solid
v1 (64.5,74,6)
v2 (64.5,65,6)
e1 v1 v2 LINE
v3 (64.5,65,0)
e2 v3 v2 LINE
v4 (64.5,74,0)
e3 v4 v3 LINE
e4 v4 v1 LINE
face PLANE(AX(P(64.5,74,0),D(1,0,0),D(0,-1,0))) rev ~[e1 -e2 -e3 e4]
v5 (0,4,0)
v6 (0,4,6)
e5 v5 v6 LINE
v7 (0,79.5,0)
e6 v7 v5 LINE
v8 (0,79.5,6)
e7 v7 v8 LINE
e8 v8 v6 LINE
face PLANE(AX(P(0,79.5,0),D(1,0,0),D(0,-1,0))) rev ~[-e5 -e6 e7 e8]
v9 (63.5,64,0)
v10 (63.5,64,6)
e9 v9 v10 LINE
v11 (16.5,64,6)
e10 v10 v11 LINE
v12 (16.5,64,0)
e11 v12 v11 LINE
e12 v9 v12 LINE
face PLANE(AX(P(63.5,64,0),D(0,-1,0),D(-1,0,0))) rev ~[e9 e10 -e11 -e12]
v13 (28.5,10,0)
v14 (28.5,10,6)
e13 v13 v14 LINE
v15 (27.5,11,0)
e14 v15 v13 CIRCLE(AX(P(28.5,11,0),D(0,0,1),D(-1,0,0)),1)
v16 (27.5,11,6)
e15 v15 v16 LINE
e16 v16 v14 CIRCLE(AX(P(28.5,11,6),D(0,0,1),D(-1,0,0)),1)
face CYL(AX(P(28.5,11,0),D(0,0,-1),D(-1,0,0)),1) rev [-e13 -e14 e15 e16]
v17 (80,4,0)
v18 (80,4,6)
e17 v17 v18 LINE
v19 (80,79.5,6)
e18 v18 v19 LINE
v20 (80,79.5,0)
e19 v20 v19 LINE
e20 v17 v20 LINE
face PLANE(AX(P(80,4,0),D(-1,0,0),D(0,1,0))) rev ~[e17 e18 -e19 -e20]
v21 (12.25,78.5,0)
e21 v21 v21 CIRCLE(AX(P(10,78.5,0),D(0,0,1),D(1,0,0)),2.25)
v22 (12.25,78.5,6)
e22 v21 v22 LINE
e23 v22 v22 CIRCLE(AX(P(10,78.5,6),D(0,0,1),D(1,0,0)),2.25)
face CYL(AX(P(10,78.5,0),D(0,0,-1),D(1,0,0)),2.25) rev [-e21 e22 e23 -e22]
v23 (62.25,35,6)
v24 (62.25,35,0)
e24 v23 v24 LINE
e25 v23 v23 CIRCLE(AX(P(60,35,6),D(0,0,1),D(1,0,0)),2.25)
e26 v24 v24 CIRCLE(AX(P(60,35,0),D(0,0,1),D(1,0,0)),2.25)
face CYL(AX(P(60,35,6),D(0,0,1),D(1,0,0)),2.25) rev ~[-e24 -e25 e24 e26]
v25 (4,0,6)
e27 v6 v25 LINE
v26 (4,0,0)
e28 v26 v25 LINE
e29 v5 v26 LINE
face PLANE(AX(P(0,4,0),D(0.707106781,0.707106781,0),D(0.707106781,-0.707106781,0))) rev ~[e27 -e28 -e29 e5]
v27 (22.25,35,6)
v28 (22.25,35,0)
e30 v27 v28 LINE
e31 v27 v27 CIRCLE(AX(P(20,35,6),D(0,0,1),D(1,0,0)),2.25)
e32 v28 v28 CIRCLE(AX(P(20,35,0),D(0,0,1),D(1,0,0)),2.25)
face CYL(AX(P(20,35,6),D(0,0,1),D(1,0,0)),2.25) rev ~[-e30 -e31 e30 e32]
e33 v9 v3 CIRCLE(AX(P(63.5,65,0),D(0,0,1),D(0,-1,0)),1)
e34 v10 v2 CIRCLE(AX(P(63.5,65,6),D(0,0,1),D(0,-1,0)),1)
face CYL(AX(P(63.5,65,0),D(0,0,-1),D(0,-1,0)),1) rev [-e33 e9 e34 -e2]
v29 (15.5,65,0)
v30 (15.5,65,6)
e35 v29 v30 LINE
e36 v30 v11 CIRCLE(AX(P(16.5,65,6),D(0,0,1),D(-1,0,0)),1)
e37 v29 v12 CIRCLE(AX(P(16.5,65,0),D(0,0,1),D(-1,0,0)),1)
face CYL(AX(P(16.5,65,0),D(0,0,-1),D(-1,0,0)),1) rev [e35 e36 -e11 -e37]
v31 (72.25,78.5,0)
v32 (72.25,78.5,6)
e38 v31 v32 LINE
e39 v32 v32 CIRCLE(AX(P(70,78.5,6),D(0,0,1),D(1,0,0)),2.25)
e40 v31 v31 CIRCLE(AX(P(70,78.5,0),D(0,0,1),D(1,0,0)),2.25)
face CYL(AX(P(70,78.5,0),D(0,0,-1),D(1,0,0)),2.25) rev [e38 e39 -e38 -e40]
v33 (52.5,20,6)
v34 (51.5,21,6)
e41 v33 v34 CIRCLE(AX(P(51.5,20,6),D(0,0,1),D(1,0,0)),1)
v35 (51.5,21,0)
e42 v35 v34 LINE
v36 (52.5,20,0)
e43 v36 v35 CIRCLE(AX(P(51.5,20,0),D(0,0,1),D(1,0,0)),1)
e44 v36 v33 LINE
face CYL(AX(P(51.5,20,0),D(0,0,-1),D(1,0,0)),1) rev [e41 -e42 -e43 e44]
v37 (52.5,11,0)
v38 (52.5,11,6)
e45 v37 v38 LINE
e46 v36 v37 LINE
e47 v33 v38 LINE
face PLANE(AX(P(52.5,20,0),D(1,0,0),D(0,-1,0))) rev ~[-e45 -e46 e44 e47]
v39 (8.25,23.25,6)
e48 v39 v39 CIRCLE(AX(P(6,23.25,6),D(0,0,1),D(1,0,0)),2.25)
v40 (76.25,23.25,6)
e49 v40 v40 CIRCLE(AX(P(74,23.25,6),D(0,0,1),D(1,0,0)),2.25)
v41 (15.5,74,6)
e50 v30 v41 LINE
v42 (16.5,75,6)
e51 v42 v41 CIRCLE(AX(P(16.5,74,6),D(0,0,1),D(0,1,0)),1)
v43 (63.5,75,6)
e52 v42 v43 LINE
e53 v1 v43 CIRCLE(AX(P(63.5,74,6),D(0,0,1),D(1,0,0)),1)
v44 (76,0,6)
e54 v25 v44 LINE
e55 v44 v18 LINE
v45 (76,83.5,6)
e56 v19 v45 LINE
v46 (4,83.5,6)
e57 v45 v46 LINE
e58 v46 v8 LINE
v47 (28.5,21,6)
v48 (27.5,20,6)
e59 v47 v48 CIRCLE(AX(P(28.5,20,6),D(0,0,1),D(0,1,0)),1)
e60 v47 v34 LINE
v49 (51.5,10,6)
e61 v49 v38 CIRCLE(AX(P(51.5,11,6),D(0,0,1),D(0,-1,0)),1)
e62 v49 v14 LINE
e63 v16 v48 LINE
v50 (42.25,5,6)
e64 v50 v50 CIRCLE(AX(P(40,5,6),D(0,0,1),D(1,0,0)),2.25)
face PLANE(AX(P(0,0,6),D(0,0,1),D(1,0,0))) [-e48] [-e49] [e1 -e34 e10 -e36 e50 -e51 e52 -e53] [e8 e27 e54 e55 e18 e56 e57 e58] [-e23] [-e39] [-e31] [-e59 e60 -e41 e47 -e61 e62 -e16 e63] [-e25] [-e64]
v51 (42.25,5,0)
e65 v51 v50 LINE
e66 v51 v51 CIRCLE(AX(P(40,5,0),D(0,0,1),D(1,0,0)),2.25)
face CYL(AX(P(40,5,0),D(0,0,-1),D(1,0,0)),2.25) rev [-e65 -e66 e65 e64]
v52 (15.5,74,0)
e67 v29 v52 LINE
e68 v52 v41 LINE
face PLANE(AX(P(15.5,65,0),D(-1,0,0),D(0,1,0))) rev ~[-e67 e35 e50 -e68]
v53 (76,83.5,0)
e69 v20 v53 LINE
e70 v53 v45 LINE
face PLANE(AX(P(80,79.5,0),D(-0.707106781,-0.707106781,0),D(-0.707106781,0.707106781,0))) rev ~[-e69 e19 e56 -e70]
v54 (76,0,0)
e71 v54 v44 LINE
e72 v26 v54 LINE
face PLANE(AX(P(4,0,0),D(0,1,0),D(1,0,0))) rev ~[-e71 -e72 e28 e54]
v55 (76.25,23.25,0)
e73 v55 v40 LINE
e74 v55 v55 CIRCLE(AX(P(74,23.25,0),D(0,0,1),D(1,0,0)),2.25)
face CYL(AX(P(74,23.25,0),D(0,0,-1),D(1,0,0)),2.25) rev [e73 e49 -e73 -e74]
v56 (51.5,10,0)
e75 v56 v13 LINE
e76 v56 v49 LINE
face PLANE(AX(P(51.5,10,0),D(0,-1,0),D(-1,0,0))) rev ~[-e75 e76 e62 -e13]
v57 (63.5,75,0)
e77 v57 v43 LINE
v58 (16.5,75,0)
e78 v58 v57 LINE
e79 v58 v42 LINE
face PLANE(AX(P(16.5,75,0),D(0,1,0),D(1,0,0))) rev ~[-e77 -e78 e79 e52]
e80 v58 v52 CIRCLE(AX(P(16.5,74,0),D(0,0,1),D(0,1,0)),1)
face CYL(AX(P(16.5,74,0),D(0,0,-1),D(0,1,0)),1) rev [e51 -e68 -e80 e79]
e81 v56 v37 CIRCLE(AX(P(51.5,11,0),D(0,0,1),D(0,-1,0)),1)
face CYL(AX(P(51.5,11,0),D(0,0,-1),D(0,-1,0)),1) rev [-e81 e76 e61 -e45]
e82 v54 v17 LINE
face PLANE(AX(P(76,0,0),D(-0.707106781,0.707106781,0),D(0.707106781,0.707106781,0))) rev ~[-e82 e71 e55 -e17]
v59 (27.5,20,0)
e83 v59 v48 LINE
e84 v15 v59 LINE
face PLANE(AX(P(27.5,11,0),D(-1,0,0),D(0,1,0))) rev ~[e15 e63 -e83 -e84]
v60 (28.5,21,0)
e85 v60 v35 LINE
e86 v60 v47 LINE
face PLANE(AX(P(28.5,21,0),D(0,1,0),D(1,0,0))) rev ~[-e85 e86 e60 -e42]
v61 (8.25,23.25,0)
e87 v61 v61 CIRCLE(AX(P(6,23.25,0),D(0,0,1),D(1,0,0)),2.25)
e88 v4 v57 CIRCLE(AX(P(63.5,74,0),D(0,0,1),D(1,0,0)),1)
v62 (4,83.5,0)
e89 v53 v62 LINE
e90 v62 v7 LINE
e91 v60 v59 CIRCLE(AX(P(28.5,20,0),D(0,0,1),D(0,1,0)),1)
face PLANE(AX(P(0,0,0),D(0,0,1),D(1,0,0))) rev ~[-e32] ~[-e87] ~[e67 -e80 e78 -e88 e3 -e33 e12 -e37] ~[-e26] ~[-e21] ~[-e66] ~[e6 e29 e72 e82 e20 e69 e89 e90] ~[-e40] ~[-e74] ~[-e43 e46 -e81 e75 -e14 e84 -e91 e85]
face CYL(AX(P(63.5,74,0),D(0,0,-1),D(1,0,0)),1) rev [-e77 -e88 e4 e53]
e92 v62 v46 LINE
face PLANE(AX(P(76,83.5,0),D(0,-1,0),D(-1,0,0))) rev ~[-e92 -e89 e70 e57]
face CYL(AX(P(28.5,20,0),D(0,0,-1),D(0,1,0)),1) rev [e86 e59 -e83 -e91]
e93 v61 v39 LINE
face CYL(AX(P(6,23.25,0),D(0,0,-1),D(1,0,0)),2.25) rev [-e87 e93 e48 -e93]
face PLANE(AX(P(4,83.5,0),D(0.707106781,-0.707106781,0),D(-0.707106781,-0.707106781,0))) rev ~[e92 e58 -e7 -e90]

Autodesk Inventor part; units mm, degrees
ref_plane "YZ Plane" through (0, 0, 0) normal (1, 0, 0) x (0, 1, 0)
ref_plane "XZ Plane" through (0, 0, 0) normal (0, 1, 0) x (-1, 0, 0)
ref_plane "XY Plane" through (0, 0, 0) normal (0, 0, 1) x (1, 0, 0)
sketch "Sketch1" plane through (0, 0, 0) normal (0, 0, 1) x (1, 0, 0)
  line L0 (4, 0) -> (76, 0)
  line L1 (80, 4) -> (80, 79.5)
  line L2 (76, 83.5) -> (4, 83.5)
  line L3 (0, 79.5) -> (0, 4)
  line L4 (0, 4) -> (4, 0)
  line L5 (76, 0) -> (80, 4)
  line L6 (80, 79.5) -> (76, 83.5)
  line L7 (4, 83.5) -> (0, 79.5)
  line L8 (16.5, 75) -> (63.5, 75)
  line L9 (64.5, 74) -> (64.5, 65)
  line L10 (63.5, 64) -> (16.5, 64)
  line L11 (15.5, 65) -> (15.5, 74)
  arc A0 (15.5, 65) -> (16.5, 64) centre (16.5, 65) ccw
  arc A1 (16.5, 75) -> (15.5, 74) centre (16.5, 74) ccw
  arc A2 (64.5, 74) -> (63.5, 75) centre (63.5, 74) ccw
  arc A3 (63.5, 64) -> (64.5, 65) centre (63.5, 65) ccw
  line L12 (28.5, 21) -> (51.5, 21)
  line L13 (52.5, 20) -> (52.5, 11)
  line L14 (51.5, 10) -> (28.5, 10)
  line L15 (27.5, 11) -> (27.5, 20)
  arc A4 (27.5, 11) -> (28.5, 10) centre (28.5, 11) ccw
  arc A5 (28.5, 21) -> (27.5, 20) centre (28.5, 20) ccw
  arc A6 (52.5, 20) -> (51.5, 21) centre (51.5, 20) ccw
  arc A7 (51.5, 10) -> (52.5, 11) centre (51.5, 11) ccw
  line L16 (15.5, 69.5) -> (64.5, 69.5) construction
  line L17 (27.5, 15.5) -> (52.5, 15.5) construction
  circle A8 centre (40, 5) radius 2.25
  circle A9 centre (10, 78.5) radius 2.25
  circle A10 centre (6, 23.25) radius 2.25
  circle A11 centre (74, 23.25) radius 2.25
  circle A12 centre (70, 78.5) radius 2.25
  point P0 (0, 0)
  point P1 (40, 64)
  point P2 (40, 21)
  point P3 (40, 75)
  point P4 (40, 83.5)
  point P5 (0, 41.75)
  point P6 (80, 41.75)
  dimension "d0" = 45
  dimension "d1" = 4
  dimension "d2" = 1
  dimension "d3" = 11
  dimension "d4" = 49
  dimension "d5" = 1
  dimension "d6" = 11
  dimension "d7" = 25
  dimension "d9" = 10
  dimension "d10" = 8.5
  dimension "d11" = 4.5
  dimension "d12" = 4.5
  dimension "d13" = 5
  dimension "d14" = 5
  dimension "d15" = 4.5
  dimension "d16" = 4.5
  dimension "d19" = 54
  dimension "d22" = 80
  dimension "d23" = 6
  dimension "d24" = 6
  dimension "d25" = 23.25
  dimension "d26" = 4.5
  dimension "d27" = 10
  dimension "d28" = 10
extrude "Extrusion2" add sketch "Sketch1" along normal blind 6
sketch "Sketch2" plane through (0, 0, 6) normal (0, 0, 1) x (1, 0, 0)
  line L0 (4, 0) -> (76, 0) projected
  circle A0 centre (20, 35) radius 2.25
  circle A1 centre (60, 35) radius 2.25
  line L1 (20, 35) -> (60, 35) construction
  point P0 (0, 0)
  point P1 (40, 35)
  point P2 (40, 0)
  dimension "d31" = 4.5
  dimension "d32" = 4.5
  dimension "d33" = 40
  dimension "d34" = 35
extrude "Extrusion3" cut sketch "Sketch2" against normal through all
properties part number "x_carriage"
